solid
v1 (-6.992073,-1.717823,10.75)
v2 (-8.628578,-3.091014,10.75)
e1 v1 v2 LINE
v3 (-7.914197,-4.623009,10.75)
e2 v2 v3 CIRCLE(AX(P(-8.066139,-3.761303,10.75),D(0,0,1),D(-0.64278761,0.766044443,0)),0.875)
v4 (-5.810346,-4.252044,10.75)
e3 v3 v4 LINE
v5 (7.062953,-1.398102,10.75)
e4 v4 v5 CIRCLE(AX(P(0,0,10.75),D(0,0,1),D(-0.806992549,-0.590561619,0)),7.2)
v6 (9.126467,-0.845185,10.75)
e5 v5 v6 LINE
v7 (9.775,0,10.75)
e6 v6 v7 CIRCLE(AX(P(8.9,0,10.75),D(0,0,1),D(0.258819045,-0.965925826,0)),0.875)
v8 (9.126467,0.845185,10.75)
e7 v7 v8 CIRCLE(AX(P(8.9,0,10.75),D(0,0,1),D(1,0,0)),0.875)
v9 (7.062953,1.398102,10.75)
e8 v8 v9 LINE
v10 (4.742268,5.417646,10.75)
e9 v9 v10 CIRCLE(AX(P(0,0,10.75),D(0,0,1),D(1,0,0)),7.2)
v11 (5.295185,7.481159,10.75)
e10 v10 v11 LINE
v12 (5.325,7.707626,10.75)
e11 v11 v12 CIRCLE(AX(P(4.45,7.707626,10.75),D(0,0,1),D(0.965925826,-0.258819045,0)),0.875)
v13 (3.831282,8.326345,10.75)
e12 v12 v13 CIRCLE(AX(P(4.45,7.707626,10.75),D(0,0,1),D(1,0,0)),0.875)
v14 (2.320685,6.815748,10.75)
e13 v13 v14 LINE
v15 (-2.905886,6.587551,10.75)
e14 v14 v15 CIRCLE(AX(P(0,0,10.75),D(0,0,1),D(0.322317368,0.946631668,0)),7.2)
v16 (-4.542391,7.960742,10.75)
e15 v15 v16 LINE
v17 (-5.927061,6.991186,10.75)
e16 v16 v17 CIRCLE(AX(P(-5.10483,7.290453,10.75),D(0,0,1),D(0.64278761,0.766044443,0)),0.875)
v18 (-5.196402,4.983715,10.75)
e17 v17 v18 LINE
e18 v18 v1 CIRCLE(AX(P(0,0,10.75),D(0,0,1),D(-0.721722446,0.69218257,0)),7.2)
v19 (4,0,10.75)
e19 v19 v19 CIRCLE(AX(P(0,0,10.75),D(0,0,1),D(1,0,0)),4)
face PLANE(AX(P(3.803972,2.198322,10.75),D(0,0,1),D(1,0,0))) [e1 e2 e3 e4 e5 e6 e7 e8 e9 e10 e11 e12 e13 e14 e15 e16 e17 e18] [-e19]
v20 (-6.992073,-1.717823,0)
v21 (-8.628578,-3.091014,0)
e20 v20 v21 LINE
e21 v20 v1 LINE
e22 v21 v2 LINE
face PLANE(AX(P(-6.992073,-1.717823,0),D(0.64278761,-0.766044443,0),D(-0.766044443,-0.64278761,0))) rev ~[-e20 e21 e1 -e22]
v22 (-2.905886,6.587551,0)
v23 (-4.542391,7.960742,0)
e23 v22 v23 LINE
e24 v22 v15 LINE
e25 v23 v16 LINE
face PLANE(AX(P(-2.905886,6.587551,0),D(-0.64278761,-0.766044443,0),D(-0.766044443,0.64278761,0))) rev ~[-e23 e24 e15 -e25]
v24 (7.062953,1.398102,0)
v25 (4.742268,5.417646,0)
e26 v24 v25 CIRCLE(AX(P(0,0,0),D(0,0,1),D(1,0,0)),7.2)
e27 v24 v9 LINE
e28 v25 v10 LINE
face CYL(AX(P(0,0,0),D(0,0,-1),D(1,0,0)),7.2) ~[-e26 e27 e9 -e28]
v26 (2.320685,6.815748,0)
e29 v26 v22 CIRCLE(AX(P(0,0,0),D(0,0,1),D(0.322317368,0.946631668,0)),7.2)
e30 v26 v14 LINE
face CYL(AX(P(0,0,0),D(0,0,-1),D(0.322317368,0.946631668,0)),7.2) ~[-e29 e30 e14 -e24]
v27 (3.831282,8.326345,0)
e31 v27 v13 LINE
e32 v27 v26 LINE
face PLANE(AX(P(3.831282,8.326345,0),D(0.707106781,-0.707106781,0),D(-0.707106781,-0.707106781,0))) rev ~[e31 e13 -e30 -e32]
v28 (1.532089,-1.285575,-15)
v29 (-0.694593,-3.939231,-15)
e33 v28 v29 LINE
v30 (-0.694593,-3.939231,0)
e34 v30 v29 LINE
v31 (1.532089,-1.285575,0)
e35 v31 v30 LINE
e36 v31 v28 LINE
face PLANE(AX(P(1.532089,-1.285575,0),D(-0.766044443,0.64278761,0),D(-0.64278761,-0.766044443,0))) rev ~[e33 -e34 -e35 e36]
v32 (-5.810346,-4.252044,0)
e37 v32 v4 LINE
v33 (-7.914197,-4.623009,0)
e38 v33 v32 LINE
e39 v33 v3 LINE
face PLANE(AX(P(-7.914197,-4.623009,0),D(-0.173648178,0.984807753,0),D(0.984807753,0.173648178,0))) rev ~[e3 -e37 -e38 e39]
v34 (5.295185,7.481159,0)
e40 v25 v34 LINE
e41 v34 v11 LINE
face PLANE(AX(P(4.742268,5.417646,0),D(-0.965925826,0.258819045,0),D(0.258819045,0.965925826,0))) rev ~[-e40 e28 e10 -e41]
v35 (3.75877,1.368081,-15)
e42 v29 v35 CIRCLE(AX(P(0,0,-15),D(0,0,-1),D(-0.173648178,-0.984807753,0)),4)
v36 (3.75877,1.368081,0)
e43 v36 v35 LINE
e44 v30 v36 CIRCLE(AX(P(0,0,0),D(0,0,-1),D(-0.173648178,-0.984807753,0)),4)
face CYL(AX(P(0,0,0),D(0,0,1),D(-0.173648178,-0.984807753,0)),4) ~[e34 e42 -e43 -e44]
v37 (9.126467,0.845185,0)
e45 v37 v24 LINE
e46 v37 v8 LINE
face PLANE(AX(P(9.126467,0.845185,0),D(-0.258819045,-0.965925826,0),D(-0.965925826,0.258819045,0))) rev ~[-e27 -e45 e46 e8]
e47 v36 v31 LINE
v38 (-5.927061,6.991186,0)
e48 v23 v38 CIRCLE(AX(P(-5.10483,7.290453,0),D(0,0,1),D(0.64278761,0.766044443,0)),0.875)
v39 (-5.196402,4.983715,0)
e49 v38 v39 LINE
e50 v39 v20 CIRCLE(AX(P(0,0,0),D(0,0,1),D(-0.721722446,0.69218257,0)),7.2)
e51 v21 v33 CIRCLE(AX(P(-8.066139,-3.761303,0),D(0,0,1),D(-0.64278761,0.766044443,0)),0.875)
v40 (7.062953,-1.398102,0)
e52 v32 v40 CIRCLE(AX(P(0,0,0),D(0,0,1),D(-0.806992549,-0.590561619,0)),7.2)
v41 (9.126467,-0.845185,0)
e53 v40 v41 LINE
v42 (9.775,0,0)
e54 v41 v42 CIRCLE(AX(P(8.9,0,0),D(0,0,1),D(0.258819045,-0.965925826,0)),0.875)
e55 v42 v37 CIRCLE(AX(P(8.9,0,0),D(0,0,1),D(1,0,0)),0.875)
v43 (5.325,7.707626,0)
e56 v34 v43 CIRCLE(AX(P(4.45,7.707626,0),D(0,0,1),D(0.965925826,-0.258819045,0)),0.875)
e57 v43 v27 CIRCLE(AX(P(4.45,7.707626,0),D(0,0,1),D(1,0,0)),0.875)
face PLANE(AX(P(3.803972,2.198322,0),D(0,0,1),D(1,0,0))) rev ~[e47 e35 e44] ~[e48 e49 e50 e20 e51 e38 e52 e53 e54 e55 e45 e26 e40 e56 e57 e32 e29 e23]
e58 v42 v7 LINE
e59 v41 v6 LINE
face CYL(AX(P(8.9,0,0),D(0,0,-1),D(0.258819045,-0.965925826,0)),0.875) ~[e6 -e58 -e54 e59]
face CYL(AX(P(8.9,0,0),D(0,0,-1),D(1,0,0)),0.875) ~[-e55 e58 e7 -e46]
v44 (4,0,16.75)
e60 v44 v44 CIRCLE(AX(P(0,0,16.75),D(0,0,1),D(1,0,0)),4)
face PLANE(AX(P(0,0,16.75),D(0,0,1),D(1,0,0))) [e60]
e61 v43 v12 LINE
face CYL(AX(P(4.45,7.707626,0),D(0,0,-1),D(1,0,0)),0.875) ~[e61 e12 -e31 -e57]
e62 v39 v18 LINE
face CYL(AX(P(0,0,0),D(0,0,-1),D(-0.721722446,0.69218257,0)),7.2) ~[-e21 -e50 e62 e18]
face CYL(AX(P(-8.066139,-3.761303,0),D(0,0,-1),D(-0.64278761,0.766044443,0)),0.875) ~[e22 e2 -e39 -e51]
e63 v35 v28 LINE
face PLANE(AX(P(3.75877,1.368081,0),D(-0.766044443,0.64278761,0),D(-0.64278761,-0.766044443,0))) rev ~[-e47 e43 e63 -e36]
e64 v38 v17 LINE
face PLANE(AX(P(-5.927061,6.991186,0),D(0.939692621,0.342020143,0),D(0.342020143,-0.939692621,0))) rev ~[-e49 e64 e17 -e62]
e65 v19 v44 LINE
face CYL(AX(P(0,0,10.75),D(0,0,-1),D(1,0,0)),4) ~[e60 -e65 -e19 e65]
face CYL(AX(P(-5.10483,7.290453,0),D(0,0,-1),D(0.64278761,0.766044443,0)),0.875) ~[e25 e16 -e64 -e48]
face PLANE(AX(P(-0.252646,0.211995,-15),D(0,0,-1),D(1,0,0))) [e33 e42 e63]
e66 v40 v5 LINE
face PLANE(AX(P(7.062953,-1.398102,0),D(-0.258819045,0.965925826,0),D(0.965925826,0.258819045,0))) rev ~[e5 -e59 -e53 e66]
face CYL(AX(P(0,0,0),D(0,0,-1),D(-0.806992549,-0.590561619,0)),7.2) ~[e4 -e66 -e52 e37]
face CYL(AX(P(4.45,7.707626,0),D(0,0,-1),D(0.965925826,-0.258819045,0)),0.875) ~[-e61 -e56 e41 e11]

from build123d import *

# Parameters (mm, degrees)
F1_DEPTH = 10.75
F2_R     = 4
F3_DEPTH = 6
F5_DEPTH = 15


with BuildPart() as f1:
    # F0 (on Top) → F1 (new body)
    with BuildSketch(Plane.XY):
        with BuildLine():
            Line((0, 0), (7.2, 0))
            ThreePointArc((7.2, 0), (7.1656564529, 0.7024013095), (7.0629534446, 1.3981017988))
            ThreePointArc((7.0629534446, 1.3981017988), (6.2353829072, 3.6), (4.7422683972, 5.4176462093))
            ThreePointArc((4.7422683972, 5.4176462093), (4.1911256041, 5.8544398682), (3.6, 6.2353829072))
            Line((3.6, 6.2353829072), (0, 0))
        make_face()
        with BuildLine():
            Line((8.025, 0), (7.2, 0))
            ThreePointArc((7.2, 0), (7.1656564529, -0.7024013095), (7.0629534446, -1.3981017988))
            Line((7.0629534446, -1.3981017988), (9.1264666645, -0.845185098))
            ThreePointArc((9.1264666645, -0.845185098), (8.3673337496, -0.6941841728), (8.025, 0))
        make_face()
        with BuildLine():
            ThreePointArc((7.0629534446, -1.3981017988), (7.1656564529, -0.7024013095), (7.2, 0))
            Line((7.2, 0), (0, 0))
            Line((0, 0), (-6.5254160667, -3.0428514845))
            ThreePointArc((-6.5254160667, -3.0428514845), (-6.197442622, -3.6649290508), (-5.8103463543, -4.2520436549))
            ThreePointArc((-5.8103463543, -4.2520436549), (1.5583652204, -7.0293312513), (7.0629534446, -1.3981017988))
        make_face()
        with BuildLine():
            ThreePointArc((7.0629534446, 1.3981017988), (7.1656564529, 0.7024013095), (7.2, 0))
            Line((7.2, 0), (8.025, 0))
            ThreePointArc((8.025, 0), (8.3673337496, 0.6941841728), (9.1264666645, 0.845185098))
            Line((9.1264666645, 0.845185098), (7.0629534446, 1.3981017988))
        make_face()
        with BuildLine():
            Line((-4.1297503417, 5.8978947189), (0, 0))
            Line((0, 0), (3.6, 6.2353829072))
            ThreePointArc((3.6, 6.2353829072), (2.9745308488, 6.5568411777), (2.3206850474, 6.8157480082))
            ThreePointArc((2.3206850474, 6.8157480082), (-0.314059589, 7.1931471954), (-2.9058857202, 6.5875510003))
            ThreePointArc((-2.9058857202, 6.5875510003), (-3.5346782238, 6.272642972), (-4.1297503417, 5.8978947189))
        make_face()
        with BuildLine():
            Line((-6.5254160667, -3.0428514845), (0, 0))
            Line((0, 0), (-4.1297503417, 5.8978947189))
            ThreePointArc((-4.1297503417, 5.8978947189), (-4.6854251609, 5.466881292), (-5.1964016135, 4.9837145054))
            ThreePointArc((-5.1964016135, 4.9837145054), (-6.9546659493, 1.8634971247), (-6.9920730582, -1.7178225601))
            ThreePointArc((-6.9920730582, -1.7178225601), (-6.7911378629, -2.3917454979), (-6.5254160667, -3.0428514845))
        make_face()
        with BuildLine():
            ThreePointArc((9.1264666645, 0.845185098), (8.3673337496, 0.6941841728), (8.025, 0))
            Line((8.025, 0), (8.9, 0))
            Line((8.9, 0), (9.1264666645, 0.845185098))
        make_face()
        with BuildLine():
            Line((8.9, 0), (8.025, 0))
            ThreePointArc((8.025, 0), (8.3673337496, -0.6941841728), (9.1264666645, -0.845185098))
            Line((9.1264666645, -0.845185098), (8.9, 0))
        make_face()
        with BuildLine():
            ThreePointArc((3.6, 6.2353829072), (4.1911256041, 5.8544398682), (4.7422683972, 5.4176462093))
            Line((4.7422683972, 5.4176462093), (5.295185098, 7.4811594292))
            ThreePointArc((5.295185098, 7.4811594292), (4.7848480033, 6.8992315027), (4.0125, 6.9498538654))
            Line((4.0125, 6.9498538654), (3.6, 6.2353829072))
        make_face()
        with BuildLine():
            ThreePointArc((9.775, 0), (9.5941841728, 0.5326662504), (9.1264666645, 0.845185098))
            Line((9.1264666645, 0.845185098), (8.9, 0))
            Line((8.9, 0), (9.1264666645, -0.845185098))
            ThreePointArc((9.1264666645, -0.845185098), (9.5941841728, -0.5326662504), (9.775, 0))
        make_face()
        with BuildLine():
            Line((-7.9141971492, -4.6230093134), (-5.8103463543, -4.2520436549))
            ThreePointArc((-5.8103463543, -4.2520436549), (-6.197442622, -3.6649290508), (-6.5254160667, -3.0428514845))
            Line((-6.5254160667, -3.0428514845), (-7.273119991, -3.3915115505))
            ThreePointArc((-7.273119991, -3.3915115505), (-7.2118802984, -3.5719178673), (-7.1911393046, -3.7613025295))
            ThreePointArc((-7.1911393046, -3.7613025295), (-7.3958504169, -4.323741688), (-7.9141971492, -4.6230093134))
        make_face()
        with BuildLine():
            Line((-7.273119991, -3.3915115505), (-6.5254160667, -3.0428514845))
            ThreePointArc((-6.5254160667, -3.0428514845), (-6.7911378629, -2.3917454979), (-6.9920730582, -1.7178225601))
            Line((-6.9920730582, -1.7178225601), (-8.6285784631, -3.0910136418))
            ThreePointArc((-8.6285784631, -3.0910136418), (-7.8767546424, -2.9070435233), (-7.273119991, -3.3915115505))
        make_face()
        with BuildLine():
            ThreePointArc((2.3206850474, 6.8157480082), (2.9745308488, 6.5568411777), (3.6, 6.2353829072))
            Line((3.6, 6.2353829072), (4.0125, 6.9498538654))
            ThreePointArc((4.0125, 6.9498538654), (3.5824857463, 7.5934156755), (3.8312815665, 8.3263445272))
            Line((3.8312815665, 8.3263445272), (2.3206850474, 6.8157480082))
        make_face()
        with BuildLine():
            Line((-4.6029509017, 6.5736951554), (-4.1297503417, 5.8978947189))
            ThreePointArc((-4.1297503417, 5.8978947189), (-3.5346782238, 6.272642972), (-2.9058857202, 6.5875510003))
            Line((-2.9058857202, 6.5875510003), (-4.542391125, 7.9607420819))
            ThreePointArc((-4.542391125, 7.9607420819), (-4.3118109699, 7.6602441732), (-4.2298302835, 7.2904531942))
            ThreePointArc((-4.2298302835, 7.2904531942), (-4.3286958045, 6.8864231576), (-4.6029509017, 6.5736951554))
        make_face()
        with BuildLine():
            ThreePointArc((-5.1964016135, 4.9837145054), (-4.6854251609, 5.466881292), (-4.1297503417, 5.8978947189))
            Line((-4.1297503417, 5.8978947189), (-4.6029509017, 6.5736951554))
            ThreePointArc((-4.6029509017, 6.5736951554), (-5.3679478581, 6.4559508623), (-5.9270613267, 6.9911855688))
            Line((-5.9270613267, 6.9911855688), (-5.1964016135, 4.9837145054))
        make_face()
        with BuildLine():
            Line((4.45, 7.7076260937), (5.295185098, 7.4811594292))
            ThreePointArc((5.295185098, 7.4811594292), (5.3175142537, 7.5934156755), (5.325, 7.7076260937))
            ThreePointArc((5.325, 7.7076260937), (4.7848480033, 8.5160206846), (3.8312815665, 8.3263445272))
            Line((3.8312815665, 8.3263445272), (4.45, 7.7076260937))
        make_face()
        with BuildLine():
            ThreePointArc((4.0125, 6.9498538654), (4.7848480033, 6.8992315027), (5.295185098, 7.4811594292))
            Line((5.295185098, 7.4811594292), (4.45, 7.7076260937))
            Line((4.45, 7.7076260937), (4.0125, 6.9498538654))
        make_face()
        with BuildLine():
            ThreePointArc((-8.6285784631, -3.0910136418), (-8.8591586183, -4.1310935085), (-7.9141971492, -4.6230093134))
            ThreePointArc((-7.9141971492, -4.6230093134), (-7.3958504169, -4.323741688), (-7.1911393046, -3.7613025295))
            ThreePointArc((-7.1911393046, -3.7613025295), (-7.2118802984, -3.5719178673), (-7.273119991, -3.3915115505))
            ThreePointArc((-7.273119991, -3.3915115505), (-7.8767546424, -2.9070435233), (-8.6285784631, -3.0910136418))
        make_face()
        with BuildLine():
            ThreePointArc((3.8312815665, 8.3263445272), (3.5824857463, 7.5934156755), (4.0125, 6.9498538654))
            Line((4.0125, 6.9498538654), (4.45, 7.7076260937))
            Line((4.45, 7.7076260937), (3.8312815665, 8.3263445272))
        make_face()
        with BuildLine():
            ThreePointArc((-5.9270613267, 6.9911855688), (-5.3679478581, 6.4559508623), (-4.6029509017, 6.5736951554))
            ThreePointArc((-4.6029509017, 6.5736951554), (-4.3286958045, 6.8864231576), (-4.2298302835, 7.2904531942))
            ThreePointArc((-4.2298302835, 7.2904531942), (-4.3118109699, 7.6602441732), (-4.542391125, 7.9607420819))
            ThreePointArc((-4.542391125, 7.9607420819), (-5.6067096653, 8.0072112329), (-5.9270613267, 6.9911855688))
        make_face()
    extrude(amount=F1_DEPTH)

    # F2 (on face) → F3 (join)
    with BuildSketch(Plane.XY.offset(10.75)):
        Circle(F2_R)
    extrude(amount=F3_DEPTH)

    # F4 (on face) → F5 (join)
    with BuildSketch(Plane(origin=(0, 0, 0), x_dir=(1, 0, 0), z_dir=(0, 0, -1))):
        with BuildLine():
            Line((1.5320888862, 1.2855752194), (-0.6945927107, 3.939231012))
            ThreePointArc((-0.6945927107, 3.939231012), (-3.0641777725, -2.5711504387), (3.7587704831, -1.3680805733))
            Line((3.7587704831, -1.3680805733), (1.5320888862, 1.2855752194))
        make_face()
    extrude(amount=F5_DEPTH)


solid = f1.part
